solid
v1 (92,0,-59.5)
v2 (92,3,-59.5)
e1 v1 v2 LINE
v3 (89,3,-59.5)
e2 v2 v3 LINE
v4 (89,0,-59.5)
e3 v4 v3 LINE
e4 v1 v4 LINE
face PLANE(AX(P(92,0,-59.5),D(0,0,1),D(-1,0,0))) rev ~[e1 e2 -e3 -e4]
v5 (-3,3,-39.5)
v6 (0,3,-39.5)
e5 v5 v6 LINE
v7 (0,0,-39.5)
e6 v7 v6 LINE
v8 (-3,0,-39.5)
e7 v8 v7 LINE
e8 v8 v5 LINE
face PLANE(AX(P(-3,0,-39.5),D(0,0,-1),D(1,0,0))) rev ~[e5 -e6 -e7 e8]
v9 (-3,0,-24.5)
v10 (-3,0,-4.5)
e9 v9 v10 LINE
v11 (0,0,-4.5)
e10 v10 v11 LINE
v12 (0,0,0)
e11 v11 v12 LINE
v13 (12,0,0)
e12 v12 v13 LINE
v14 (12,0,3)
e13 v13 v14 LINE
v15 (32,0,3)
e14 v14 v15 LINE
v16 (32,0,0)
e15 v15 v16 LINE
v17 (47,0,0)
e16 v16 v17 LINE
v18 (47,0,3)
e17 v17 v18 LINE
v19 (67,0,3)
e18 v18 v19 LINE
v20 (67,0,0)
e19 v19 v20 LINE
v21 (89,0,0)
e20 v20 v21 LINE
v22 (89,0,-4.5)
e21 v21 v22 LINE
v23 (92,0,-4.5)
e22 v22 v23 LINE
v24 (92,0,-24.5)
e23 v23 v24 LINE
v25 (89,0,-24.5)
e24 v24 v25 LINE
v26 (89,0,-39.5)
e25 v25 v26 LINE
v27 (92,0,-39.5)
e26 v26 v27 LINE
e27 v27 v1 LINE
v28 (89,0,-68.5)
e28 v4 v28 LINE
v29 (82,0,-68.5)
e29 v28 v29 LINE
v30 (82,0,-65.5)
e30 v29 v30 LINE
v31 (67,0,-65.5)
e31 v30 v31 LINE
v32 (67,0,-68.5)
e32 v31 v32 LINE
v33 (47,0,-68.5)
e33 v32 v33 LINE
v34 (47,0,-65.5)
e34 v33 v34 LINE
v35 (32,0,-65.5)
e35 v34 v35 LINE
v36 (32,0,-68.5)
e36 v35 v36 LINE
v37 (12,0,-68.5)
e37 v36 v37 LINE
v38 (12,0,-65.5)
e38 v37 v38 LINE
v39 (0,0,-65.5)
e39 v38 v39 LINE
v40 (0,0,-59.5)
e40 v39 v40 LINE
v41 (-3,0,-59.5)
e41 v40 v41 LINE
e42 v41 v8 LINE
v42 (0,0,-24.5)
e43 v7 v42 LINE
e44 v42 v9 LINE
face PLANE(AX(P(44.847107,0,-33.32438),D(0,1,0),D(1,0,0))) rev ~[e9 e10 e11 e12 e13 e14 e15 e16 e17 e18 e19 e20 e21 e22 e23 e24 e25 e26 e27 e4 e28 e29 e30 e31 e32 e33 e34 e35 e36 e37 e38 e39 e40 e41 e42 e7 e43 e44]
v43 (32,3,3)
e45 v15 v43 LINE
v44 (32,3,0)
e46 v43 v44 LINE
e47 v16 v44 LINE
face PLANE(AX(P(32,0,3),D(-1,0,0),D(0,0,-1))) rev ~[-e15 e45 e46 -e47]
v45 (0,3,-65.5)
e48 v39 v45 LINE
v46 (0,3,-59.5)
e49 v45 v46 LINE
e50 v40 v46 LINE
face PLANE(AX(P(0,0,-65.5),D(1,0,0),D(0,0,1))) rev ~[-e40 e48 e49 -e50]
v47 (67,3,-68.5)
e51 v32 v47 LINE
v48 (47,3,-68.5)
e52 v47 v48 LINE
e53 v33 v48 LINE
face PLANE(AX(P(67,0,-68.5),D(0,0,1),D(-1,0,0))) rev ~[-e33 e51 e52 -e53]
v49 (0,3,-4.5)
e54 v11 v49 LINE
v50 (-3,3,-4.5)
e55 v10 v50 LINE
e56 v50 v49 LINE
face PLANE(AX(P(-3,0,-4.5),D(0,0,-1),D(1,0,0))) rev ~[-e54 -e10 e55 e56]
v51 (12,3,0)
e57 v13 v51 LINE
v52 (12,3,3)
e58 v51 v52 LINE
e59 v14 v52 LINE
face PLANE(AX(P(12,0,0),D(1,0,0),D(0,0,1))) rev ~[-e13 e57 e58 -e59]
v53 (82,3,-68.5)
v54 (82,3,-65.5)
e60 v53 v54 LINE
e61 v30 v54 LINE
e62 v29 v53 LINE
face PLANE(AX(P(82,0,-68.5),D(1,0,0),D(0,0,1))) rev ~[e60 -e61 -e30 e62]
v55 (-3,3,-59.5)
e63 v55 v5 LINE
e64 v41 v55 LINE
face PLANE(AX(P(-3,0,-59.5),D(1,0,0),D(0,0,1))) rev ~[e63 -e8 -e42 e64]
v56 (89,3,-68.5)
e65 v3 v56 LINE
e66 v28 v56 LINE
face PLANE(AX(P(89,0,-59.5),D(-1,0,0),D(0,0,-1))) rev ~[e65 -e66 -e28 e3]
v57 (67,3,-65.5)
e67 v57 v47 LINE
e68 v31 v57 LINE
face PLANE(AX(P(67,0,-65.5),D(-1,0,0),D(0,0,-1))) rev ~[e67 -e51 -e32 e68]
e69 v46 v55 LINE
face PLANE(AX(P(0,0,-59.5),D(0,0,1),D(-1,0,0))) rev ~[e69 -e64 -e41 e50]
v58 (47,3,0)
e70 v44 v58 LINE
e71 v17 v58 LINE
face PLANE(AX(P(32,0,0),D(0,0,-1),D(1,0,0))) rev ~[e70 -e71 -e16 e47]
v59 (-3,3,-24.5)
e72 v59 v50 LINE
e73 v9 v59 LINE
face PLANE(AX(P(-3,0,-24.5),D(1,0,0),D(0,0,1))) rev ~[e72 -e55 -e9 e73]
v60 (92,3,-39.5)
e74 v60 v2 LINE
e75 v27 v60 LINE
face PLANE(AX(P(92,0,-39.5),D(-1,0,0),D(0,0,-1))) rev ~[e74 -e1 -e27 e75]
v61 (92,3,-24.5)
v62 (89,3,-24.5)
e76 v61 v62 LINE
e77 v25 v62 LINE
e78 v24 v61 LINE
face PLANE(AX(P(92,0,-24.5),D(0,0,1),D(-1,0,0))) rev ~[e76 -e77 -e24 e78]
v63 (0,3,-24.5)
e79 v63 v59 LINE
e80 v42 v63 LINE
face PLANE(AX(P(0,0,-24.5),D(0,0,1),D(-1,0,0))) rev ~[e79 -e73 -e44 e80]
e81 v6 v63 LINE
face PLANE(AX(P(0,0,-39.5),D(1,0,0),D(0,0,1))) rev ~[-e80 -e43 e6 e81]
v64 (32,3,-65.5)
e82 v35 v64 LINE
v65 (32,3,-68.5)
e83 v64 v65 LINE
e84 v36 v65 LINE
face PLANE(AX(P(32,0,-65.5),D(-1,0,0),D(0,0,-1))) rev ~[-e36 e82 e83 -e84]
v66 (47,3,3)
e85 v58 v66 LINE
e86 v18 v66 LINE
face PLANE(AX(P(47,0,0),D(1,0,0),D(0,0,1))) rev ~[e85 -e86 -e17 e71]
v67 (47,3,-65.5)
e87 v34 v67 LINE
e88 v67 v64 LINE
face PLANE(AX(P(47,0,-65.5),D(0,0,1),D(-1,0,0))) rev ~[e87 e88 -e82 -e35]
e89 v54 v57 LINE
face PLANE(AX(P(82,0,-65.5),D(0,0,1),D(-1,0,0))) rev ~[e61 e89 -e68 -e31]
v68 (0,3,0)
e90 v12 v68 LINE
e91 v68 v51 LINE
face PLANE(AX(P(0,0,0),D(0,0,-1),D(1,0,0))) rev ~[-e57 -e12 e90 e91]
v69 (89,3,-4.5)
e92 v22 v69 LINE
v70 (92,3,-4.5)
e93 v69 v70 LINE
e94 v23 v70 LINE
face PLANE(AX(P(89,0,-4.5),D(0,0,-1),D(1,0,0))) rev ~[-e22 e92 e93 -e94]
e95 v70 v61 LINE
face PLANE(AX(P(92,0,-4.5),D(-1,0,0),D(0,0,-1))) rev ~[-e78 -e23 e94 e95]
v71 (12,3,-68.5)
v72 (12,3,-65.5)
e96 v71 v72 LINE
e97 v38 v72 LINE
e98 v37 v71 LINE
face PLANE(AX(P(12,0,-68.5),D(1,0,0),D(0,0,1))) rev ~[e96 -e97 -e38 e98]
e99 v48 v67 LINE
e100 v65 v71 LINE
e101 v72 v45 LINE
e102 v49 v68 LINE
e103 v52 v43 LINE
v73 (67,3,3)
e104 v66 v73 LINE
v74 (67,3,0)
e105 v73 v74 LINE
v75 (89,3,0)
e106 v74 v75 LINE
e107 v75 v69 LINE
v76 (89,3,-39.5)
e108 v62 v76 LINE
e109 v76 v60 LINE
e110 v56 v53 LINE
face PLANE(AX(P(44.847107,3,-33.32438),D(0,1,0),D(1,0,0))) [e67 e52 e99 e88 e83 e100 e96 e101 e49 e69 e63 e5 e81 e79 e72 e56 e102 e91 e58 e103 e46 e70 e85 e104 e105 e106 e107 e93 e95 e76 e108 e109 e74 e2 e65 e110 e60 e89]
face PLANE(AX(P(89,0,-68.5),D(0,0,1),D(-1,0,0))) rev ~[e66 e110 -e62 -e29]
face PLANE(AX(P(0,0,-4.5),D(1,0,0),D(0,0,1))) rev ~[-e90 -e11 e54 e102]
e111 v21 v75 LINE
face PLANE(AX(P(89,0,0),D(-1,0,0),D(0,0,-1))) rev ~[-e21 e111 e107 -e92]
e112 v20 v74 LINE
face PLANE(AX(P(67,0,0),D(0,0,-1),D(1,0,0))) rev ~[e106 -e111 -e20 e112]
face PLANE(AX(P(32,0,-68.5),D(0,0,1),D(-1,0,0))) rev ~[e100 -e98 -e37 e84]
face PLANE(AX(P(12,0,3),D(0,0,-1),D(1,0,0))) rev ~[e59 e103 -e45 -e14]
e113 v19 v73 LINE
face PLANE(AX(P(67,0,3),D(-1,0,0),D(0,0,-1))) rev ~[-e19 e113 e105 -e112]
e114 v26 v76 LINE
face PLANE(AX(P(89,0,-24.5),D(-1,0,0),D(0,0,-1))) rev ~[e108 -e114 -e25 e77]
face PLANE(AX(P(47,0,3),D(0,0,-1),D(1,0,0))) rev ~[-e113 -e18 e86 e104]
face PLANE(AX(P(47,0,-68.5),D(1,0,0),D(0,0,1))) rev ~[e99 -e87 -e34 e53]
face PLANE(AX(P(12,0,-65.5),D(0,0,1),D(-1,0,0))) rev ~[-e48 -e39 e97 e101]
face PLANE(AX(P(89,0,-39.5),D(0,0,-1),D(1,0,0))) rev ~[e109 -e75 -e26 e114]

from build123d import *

# Parameters (mm, degrees)
BOSS_EXTRUDE1_DEPTH = 3


with BuildPart() as part:
    # Sketch1 → Boss-Extrude1 (new body)
    with BuildSketch(Plane(origin=(0, 0, 0), x_dir=(1, 0, 0), z_dir=(0, 1, 0))):
        Polygon((12, 65.5), (0, 65.5), (0, 59.5), (-3, 59.5), (-3, 39.5), (0, 39.5), (0, 24.5), (-3, 24.5), (-3, 4.5), (0, 4.5), (0, 0), (12, 0), (12, -3), (32, -3), (32, 0), (47, 0), (47, -3), (67, -3), (67, 0), (89, 0), (89, 4.5), (92, 4.5), (92, 24.5), (89, 24.5), (89, 39.5), (92, 39.5), (92, 59.5), (89, 59.5), (89, 65.5), (89, 68.5), (82, 68.5), (82, 65.5), (67, 65.5), (67, 68.5), (47, 68.5), (47, 65.5), (32, 65.5), (32, 68.5), (12, 68.5), align=None)
    extrude(amount=BOSS_EXTRUDE1_DEPTH)


solid = part.part
